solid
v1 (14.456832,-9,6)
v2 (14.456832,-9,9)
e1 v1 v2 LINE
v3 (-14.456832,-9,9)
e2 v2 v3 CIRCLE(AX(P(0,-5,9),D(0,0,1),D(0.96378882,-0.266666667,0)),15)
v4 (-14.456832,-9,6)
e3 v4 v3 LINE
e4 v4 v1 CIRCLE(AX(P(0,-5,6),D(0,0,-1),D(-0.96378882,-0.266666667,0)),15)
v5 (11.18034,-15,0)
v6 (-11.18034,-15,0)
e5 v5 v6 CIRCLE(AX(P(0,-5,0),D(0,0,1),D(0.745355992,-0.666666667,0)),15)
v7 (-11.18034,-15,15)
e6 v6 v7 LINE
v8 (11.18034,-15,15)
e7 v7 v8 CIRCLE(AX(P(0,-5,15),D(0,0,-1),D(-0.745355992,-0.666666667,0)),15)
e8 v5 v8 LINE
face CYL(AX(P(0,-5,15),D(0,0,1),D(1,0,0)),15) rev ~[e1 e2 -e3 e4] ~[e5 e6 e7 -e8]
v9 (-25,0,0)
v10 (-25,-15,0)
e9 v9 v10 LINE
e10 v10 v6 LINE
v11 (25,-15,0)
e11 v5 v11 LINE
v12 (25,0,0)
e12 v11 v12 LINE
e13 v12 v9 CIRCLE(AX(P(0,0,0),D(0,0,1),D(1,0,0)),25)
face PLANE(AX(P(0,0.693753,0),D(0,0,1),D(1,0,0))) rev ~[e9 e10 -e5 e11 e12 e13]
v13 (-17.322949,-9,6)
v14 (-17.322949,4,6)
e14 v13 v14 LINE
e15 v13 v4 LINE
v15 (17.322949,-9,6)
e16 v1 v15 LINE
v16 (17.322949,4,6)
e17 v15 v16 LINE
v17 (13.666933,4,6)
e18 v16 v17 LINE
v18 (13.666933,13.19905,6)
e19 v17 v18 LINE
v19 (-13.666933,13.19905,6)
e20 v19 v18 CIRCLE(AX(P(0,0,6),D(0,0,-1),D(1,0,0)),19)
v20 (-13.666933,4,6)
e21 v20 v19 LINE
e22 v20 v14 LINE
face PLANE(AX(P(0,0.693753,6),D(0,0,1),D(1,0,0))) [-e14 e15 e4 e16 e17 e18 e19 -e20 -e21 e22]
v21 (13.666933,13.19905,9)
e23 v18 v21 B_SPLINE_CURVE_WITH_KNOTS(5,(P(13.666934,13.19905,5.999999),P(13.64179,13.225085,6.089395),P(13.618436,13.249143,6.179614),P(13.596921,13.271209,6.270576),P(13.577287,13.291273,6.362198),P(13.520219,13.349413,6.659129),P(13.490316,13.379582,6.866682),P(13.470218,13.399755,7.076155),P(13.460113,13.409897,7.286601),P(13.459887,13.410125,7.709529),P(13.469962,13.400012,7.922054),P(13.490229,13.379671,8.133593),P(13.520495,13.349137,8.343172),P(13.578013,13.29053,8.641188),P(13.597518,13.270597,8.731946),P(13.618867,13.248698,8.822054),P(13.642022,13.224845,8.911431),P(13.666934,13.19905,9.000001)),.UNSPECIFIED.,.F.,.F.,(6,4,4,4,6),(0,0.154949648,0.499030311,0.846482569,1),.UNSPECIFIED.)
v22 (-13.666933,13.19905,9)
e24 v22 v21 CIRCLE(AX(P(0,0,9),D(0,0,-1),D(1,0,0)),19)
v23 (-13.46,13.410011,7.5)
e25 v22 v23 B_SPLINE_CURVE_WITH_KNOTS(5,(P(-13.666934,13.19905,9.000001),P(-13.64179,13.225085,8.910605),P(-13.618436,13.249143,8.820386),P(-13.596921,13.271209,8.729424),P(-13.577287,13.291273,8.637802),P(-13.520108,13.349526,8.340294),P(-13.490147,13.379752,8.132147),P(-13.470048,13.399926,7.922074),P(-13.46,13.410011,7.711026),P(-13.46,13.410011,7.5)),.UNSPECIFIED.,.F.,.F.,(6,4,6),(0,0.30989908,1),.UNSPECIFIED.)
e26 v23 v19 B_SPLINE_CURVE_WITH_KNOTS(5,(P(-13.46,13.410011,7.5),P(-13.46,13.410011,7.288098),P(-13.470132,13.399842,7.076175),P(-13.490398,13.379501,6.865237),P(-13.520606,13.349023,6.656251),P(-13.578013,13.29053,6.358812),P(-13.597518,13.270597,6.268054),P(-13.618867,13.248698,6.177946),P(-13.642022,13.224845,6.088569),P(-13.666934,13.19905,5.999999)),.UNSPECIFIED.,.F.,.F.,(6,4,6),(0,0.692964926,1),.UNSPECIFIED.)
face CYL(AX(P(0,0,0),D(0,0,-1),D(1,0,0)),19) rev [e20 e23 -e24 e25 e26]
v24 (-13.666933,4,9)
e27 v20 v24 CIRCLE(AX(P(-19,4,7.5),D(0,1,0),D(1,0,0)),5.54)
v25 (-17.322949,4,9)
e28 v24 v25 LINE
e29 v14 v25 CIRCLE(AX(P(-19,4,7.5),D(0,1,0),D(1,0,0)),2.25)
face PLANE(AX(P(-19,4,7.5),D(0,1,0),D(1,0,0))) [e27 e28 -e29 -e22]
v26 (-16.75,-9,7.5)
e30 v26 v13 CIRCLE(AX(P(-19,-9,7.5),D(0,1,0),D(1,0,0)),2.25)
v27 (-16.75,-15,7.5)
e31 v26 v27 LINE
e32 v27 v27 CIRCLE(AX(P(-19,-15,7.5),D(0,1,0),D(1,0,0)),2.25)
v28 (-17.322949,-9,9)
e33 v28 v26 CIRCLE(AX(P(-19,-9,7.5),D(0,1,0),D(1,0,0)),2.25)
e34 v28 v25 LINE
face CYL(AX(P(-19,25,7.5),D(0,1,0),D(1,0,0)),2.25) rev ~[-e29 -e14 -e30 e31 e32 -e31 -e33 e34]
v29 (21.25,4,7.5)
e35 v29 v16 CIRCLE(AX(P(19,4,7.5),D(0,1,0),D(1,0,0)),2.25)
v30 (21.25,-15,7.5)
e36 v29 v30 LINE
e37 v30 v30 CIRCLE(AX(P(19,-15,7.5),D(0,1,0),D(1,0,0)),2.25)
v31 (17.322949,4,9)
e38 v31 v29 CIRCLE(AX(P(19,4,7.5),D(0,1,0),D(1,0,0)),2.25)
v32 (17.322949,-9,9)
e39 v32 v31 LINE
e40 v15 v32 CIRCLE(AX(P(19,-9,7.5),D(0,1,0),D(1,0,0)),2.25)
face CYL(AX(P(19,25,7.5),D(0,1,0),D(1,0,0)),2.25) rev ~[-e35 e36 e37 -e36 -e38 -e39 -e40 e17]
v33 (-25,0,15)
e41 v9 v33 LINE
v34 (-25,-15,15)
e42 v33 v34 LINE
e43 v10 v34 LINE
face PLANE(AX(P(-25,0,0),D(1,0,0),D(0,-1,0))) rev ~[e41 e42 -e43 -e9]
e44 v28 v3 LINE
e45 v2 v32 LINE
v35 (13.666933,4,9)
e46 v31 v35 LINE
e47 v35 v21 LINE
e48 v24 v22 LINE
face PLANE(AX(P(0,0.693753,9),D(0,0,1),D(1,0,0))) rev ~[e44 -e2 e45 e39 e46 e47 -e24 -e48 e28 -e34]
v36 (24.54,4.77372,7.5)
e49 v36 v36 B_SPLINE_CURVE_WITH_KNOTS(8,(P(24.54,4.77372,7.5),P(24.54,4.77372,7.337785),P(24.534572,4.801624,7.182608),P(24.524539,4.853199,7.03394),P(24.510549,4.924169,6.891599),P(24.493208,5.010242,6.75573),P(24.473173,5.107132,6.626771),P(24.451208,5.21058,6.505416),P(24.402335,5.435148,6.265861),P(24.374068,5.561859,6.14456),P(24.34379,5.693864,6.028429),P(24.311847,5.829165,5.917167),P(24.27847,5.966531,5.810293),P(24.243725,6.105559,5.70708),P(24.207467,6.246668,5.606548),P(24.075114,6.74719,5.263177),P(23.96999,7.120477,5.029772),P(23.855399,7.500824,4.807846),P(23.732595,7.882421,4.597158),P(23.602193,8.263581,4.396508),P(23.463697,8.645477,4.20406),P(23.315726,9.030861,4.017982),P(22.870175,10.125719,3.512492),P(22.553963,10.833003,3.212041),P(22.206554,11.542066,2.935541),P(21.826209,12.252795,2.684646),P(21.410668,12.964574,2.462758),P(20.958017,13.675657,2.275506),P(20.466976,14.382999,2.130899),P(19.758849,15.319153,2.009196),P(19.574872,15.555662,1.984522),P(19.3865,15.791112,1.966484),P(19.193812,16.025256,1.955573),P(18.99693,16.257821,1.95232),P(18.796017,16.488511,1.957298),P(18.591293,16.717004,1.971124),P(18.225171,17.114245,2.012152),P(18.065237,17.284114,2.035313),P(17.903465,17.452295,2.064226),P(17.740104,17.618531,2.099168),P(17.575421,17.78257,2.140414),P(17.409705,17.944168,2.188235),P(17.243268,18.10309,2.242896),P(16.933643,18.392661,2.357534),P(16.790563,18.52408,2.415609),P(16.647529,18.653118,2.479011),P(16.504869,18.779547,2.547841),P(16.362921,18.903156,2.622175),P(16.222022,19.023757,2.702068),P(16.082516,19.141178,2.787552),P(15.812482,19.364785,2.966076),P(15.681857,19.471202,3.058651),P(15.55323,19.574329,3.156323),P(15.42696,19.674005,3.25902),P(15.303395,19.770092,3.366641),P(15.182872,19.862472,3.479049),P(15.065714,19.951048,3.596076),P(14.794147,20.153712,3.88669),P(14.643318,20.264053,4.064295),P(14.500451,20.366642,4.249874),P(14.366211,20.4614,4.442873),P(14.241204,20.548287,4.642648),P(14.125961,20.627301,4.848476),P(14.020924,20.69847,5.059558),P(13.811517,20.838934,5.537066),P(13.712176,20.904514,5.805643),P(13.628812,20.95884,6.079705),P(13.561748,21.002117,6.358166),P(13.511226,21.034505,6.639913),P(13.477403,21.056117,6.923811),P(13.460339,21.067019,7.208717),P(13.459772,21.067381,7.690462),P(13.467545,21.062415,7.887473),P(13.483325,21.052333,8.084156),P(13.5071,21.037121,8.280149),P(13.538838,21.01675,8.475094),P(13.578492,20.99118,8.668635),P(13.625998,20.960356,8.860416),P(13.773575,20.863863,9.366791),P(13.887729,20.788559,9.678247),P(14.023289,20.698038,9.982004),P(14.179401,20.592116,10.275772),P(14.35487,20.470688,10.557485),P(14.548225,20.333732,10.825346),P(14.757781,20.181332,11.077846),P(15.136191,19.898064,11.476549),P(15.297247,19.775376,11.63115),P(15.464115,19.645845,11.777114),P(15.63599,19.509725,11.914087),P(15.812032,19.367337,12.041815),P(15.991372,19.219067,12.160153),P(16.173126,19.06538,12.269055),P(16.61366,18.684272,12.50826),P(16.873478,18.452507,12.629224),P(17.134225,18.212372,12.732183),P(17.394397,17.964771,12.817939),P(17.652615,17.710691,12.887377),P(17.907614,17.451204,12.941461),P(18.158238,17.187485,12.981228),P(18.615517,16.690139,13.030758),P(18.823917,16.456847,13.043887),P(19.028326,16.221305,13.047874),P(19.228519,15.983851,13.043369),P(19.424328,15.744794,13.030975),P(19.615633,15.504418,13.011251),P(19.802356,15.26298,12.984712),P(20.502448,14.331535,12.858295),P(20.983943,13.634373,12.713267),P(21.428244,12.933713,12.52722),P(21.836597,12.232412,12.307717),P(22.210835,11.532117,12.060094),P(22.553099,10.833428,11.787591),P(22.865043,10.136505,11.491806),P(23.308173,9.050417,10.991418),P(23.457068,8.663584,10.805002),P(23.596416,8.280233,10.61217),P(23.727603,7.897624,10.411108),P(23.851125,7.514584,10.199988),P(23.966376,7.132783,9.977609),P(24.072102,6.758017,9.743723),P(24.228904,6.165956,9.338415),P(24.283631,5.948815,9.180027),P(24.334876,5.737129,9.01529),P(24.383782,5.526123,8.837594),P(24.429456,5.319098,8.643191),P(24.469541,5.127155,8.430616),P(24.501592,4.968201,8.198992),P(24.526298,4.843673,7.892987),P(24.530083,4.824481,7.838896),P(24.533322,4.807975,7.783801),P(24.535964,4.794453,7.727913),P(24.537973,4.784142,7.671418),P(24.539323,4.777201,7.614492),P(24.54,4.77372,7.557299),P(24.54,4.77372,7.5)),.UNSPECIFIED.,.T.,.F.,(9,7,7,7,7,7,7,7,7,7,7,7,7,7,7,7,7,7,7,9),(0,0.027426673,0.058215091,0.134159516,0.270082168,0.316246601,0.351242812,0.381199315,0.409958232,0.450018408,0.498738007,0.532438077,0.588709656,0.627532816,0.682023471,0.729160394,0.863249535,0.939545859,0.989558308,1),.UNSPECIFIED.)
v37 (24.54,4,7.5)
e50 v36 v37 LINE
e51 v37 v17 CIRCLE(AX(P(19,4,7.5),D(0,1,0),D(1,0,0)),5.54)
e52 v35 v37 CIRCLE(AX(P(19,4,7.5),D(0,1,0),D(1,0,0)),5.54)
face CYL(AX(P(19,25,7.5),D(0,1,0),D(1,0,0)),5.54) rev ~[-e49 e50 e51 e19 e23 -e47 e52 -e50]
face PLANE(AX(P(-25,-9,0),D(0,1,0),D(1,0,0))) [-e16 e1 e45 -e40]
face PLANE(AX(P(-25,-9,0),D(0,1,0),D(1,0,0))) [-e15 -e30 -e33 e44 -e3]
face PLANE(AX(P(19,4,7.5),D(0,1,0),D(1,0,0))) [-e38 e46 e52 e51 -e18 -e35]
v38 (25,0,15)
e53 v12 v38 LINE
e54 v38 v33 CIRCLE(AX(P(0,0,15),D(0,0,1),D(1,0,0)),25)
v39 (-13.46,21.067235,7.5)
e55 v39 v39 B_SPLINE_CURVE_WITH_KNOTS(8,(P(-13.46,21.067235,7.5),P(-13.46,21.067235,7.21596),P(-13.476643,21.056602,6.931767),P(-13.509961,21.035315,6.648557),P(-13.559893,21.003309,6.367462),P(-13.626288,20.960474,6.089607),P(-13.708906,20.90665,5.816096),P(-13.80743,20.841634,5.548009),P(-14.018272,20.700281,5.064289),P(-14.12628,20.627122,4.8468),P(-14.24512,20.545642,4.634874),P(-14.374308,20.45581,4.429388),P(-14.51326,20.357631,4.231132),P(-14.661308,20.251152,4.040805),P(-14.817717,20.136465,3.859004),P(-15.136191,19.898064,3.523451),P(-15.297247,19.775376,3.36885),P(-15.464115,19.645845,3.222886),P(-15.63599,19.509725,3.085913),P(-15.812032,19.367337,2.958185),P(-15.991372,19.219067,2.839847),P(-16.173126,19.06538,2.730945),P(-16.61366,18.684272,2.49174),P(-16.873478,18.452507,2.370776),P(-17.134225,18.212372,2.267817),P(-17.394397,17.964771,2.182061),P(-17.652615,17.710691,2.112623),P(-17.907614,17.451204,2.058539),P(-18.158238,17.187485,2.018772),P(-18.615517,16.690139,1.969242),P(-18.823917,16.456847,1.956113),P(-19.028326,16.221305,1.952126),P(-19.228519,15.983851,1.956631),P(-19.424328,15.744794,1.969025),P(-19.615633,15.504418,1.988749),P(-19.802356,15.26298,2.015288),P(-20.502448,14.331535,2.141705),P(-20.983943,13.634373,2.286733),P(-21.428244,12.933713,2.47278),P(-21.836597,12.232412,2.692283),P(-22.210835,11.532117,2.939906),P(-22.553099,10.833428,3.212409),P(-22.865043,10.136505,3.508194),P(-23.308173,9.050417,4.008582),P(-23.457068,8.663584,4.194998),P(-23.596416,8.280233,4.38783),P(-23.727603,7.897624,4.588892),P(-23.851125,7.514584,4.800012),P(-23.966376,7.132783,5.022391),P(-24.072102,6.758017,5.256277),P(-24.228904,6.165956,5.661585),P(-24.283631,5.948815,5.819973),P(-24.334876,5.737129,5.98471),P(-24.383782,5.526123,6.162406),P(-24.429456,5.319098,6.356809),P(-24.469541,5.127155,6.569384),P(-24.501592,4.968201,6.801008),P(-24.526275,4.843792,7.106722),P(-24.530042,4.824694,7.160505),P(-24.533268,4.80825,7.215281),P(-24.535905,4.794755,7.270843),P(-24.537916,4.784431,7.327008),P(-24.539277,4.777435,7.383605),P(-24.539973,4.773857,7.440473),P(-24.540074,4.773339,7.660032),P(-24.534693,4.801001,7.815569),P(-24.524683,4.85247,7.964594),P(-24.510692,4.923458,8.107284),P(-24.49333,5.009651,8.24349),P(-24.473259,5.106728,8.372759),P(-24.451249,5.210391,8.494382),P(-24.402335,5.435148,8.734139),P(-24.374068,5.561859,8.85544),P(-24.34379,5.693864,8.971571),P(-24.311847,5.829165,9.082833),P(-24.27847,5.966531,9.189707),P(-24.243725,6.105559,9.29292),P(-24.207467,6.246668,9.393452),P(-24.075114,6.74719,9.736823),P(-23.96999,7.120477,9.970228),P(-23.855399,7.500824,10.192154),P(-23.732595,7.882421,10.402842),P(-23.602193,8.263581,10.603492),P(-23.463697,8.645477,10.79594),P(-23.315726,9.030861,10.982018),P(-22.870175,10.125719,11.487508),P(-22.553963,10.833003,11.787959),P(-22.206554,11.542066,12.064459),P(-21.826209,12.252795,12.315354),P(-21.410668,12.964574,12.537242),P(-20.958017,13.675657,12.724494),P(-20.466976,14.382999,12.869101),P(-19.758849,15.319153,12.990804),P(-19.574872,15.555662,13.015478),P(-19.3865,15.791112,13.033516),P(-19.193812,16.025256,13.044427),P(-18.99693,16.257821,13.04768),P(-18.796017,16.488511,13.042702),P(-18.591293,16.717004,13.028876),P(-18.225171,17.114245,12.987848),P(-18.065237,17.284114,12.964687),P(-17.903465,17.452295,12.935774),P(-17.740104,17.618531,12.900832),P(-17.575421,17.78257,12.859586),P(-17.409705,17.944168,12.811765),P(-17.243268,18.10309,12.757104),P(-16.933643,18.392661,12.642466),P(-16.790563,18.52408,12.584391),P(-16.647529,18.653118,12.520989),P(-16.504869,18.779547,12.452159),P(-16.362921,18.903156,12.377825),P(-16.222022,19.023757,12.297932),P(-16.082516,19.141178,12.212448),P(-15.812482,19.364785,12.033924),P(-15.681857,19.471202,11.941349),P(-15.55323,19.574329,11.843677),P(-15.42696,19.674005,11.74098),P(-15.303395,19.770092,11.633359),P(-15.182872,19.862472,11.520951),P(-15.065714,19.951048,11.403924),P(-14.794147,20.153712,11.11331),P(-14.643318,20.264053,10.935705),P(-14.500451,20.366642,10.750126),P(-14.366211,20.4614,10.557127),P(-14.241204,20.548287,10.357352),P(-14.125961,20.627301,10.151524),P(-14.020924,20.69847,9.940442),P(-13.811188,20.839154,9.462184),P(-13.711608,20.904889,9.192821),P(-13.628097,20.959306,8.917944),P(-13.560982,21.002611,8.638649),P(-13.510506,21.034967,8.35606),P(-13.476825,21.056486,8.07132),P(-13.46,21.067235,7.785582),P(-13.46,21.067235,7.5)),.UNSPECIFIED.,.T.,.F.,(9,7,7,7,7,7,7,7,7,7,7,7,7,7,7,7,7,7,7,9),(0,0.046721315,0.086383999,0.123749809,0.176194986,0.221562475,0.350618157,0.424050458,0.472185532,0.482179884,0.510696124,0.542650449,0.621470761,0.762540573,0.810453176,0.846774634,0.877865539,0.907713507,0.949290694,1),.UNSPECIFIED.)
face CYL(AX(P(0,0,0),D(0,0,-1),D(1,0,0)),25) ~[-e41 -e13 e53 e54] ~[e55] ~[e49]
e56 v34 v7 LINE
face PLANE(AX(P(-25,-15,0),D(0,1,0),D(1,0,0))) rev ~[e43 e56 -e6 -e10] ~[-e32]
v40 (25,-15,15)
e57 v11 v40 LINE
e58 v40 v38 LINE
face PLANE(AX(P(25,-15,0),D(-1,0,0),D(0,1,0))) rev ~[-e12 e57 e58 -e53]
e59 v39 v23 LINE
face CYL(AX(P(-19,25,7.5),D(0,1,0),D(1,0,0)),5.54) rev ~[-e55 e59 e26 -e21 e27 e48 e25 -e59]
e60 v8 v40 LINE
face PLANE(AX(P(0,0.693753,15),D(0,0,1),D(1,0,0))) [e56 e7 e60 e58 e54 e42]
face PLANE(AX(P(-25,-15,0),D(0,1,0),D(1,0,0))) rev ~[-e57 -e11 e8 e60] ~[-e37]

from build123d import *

# Parameters (mm, degrees)
BOSS_EXTRUDE1_DEPTH = 15
SHELL2_T            = 6
CUT_EXTRUDE1_REACH  = 17
SKETCH2_R           = 15
CUT_EXTRUDE2_REACH  = 42
SKETCH3_R           = 2.25
SKETCH5_R           = 5.54
CUT_EXTRUDE3_DEPTH  = 21


with BuildPart() as part:
    # Sketch1 → Boss-Extrude1 (new body)
    with BuildSketch(Plane.XY):
        with BuildLine():
            Line((-25, 0), (-25, -15))
            Line((-25, -15), (25, -15))
            Line((25, -15), (25, 0))
            ThreePointArc((25, 0), (0, 25), (-25, 0))
        make_face()
    extrude(amount=BOSS_EXTRUDE1_DEPTH)

    # Shell2 (no face opened: a closed hollow body)
    add(offset(amount=-SHELL2_T, mode=Mode.PRIVATE), mode=Mode.SUBTRACT)

    # Sketch2 → Cut-Extrude1 (cut, up to next)
    with BuildSketch(Plane.XY.offset(15), mode=Mode.PRIVATE) as cut_extrude1_sk1:
        with Locations((0, -5)):
            Circle(SKETCH2_R)
    cut_extrude1_tool1 = extrude(cut_extrude1_sk1.sketch, amount=-CUT_EXTRUDE1_REACH, mode=Mode.PRIVATE) & part.part
    add(cut_extrude1_tool1.solids().sort_by_distance((0, -5, 15))[0], mode=Mode.SUBTRACT)

    # Sketch3 → Cut-Extrude2 (cut, up to next)
    with BuildSketch(Plane(origin=(0, 25, 0), x_dir=(1, 0, 0), z_dir=(0, 1, 0)), mode=Mode.PRIVATE) as cut_extrude2_sk1:
        with Locations((-19, -7.5)):
            Circle(SKETCH3_R)
    cut_extrude2_tool1 = extrude(cut_extrude2_sk1.sketch, amount=-CUT_EXTRUDE2_REACH, mode=Mode.PRIVATE) & part.part
    add(cut_extrude2_tool1.solids().sort_by_distance((-19, 25, 7.5))[0], mode=Mode.SUBTRACT)
    # Sketch3 → Cut-Extrude2 (cut, up to next)
    with BuildSketch(Plane(origin=(0, 25, 0), x_dir=(1, 0, 0), z_dir=(0, 1, 0)), mode=Mode.PRIVATE) as cut_extrude2_sk2:
        with Locations((19, -7.5)):
            Circle(SKETCH3_R)
    cut_extrude2_tool2 = extrude(cut_extrude2_sk2.sketch, amount=-CUT_EXTRUDE2_REACH, mode=Mode.PRIVATE) & part.part
    add(cut_extrude2_tool2.solids().sort_by_distance((19, 25, 7.5))[0], mode=Mode.SUBTRACT)

    # Sketch5 → Cut-Extrude3 (cut)
    with BuildSketch(Plane(origin=(0, 25, 0), x_dir=(1, 0, 0), z_dir=(0, 1, 0))):
        with Locations((19, -7.5)):
            Circle(SKETCH5_R)
        with Locations((-19, -7.5)):
            Circle(SKETCH5_R)
    extrude(amount=-CUT_EXTRUDE3_DEPTH, mode=Mode.SUBTRACT)


solid = part.part
